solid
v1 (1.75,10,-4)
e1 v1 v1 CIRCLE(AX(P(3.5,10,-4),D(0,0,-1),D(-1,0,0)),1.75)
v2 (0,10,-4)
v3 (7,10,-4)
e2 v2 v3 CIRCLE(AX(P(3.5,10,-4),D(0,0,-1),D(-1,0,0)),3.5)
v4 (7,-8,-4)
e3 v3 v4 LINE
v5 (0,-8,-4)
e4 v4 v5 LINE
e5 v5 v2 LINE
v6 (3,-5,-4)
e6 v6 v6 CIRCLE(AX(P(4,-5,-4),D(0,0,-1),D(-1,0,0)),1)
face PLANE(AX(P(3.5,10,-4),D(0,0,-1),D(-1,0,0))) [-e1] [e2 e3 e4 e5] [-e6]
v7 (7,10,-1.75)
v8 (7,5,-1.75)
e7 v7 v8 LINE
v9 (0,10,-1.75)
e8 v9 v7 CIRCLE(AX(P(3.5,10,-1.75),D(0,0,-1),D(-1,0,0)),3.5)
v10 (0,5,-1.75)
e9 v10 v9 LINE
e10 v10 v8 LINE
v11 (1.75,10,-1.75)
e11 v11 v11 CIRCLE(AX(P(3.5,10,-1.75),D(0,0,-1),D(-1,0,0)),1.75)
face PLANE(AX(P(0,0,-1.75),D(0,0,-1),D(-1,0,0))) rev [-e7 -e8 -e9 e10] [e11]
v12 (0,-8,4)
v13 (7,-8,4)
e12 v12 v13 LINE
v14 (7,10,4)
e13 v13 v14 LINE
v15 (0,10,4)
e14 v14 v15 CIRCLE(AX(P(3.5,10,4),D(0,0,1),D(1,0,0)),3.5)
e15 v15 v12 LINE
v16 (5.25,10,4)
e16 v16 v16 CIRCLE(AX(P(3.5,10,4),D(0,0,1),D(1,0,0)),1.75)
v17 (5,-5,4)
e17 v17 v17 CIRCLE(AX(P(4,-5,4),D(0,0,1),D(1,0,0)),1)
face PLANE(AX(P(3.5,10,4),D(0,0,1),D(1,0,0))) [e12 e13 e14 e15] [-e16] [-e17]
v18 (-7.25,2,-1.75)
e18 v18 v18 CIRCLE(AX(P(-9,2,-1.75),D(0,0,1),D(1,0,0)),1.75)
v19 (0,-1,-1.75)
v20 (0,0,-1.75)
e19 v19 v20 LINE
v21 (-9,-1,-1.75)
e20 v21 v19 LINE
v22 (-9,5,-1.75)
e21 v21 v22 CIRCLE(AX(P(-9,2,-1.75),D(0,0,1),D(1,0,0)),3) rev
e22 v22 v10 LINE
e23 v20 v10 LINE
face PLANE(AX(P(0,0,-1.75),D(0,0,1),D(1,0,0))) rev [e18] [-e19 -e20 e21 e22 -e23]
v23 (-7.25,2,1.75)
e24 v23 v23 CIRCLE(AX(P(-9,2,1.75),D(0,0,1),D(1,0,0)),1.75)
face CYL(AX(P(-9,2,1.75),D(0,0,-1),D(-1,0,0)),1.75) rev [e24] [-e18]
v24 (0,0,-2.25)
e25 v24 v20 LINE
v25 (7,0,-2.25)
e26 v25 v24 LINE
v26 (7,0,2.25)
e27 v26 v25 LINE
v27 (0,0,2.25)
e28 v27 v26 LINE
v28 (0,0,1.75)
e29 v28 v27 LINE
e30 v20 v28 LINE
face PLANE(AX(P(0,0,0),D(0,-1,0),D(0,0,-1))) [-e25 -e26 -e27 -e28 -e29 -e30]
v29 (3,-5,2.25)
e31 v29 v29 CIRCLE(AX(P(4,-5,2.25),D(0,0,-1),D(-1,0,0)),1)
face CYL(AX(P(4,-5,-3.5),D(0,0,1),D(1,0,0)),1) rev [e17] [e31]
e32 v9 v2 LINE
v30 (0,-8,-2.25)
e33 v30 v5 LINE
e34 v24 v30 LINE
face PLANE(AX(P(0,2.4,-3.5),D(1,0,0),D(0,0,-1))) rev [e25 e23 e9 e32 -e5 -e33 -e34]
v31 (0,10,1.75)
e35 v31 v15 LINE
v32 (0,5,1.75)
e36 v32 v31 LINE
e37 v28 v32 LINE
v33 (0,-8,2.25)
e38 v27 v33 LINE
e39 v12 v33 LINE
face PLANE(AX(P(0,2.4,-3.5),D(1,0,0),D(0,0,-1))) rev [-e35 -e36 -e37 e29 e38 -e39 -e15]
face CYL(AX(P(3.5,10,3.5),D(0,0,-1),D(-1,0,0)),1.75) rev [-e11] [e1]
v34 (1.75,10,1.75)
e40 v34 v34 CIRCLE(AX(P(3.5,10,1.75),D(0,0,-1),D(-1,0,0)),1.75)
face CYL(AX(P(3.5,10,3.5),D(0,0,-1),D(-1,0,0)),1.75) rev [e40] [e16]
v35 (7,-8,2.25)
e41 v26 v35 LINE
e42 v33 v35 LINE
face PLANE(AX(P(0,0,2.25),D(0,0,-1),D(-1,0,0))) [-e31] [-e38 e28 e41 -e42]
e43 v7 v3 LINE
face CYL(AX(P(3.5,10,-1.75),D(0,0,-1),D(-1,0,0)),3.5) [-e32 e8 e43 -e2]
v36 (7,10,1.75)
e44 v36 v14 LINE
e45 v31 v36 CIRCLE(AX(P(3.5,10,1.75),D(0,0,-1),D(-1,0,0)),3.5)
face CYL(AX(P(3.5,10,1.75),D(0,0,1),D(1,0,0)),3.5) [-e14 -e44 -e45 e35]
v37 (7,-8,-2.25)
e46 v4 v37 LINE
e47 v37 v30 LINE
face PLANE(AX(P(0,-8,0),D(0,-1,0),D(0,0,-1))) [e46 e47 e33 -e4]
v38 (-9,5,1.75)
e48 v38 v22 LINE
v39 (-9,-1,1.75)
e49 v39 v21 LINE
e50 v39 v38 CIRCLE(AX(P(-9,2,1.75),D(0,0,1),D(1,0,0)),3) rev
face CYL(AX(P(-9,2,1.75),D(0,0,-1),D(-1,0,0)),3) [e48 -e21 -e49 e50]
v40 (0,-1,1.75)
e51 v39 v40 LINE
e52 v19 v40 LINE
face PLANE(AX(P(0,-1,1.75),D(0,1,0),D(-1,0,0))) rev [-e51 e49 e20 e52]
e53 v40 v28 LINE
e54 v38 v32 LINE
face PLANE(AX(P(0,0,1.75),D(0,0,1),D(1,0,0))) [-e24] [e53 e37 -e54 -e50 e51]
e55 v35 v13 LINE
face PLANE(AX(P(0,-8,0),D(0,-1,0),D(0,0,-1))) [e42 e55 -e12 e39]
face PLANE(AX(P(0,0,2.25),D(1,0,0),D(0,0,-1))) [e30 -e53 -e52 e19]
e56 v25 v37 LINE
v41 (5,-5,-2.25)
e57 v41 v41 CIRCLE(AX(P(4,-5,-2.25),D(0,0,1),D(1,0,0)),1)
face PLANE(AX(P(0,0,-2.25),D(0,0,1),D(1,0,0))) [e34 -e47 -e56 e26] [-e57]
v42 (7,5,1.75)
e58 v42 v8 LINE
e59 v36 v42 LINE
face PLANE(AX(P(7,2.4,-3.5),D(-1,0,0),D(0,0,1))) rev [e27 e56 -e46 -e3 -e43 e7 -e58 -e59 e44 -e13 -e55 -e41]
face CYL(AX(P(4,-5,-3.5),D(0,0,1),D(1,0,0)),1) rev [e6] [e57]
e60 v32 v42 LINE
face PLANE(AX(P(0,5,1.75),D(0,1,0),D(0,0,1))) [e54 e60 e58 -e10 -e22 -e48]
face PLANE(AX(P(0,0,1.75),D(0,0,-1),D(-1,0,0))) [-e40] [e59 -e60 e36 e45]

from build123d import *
from build123d.topology import SkipClean

# Parameters (mm, degrees)
SKETCH_1_W          = 7
SKETCH_1_H          = 7
EXTRUDE_1_DEPTH     = 2.4
EXTRUDE_6_DEPTH     = 1.75
EXTRUDE_START       = -5.25
EXTRUDE_8_DEPTH     = 1.75
SKETCH_11_R         = 1.75
CUT_EXTRUDE_1_DEPTH = 17.740669043
SKETCH_17_W         = 7
SKETCH_17_H         = 7
EXTRUDE_10_DEPTH    = 8
SKETCH_15_R         = 1.75
EXTRUDE_9_DEPTH     = 1.75
SKETCH_12_R         = 1
CUT_EXTRUDE_2_DEPTH = 19.357559751
SKETCH_18_W         = 7
SKETCH_18_H         = 4.5
CUT_EXTRUDE_4_DEPTH = 8
SKETCH_19_R         = 1
SKETCH_19_R_2       = 1.75
EXTRUDE_11_DEPTH    = 0.5
EXTRUDE_START_2     = 0.5
SKETCH_20_R         = 1
SKETCH_20_R_2       = 1.75
EXTRUDE_12_DEPTH    = 0.5


with BuildPart() as part:
    # 草图1 → 凸台-拉伸1 (new body)
    with BuildSketch(Plane(origin=(0, 0, 0), x_dir=(1, 0, 0), z_dir=(0, 1, 0))):
        with Locations((3.5, 0)):
            Rectangle(SKETCH_1_W, SKETCH_1_H)
    extrude(amount=EXTRUDE_1_DEPTH)

    # 草图10 → 凸台-拉伸6 (add)
    with BuildSketch(Plane(origin=(0, 0, -3.5), x_dir=(-1, 0, 0), z_dir=(0, 0, -1))):
        with BuildLine():
            Line((-7, 10), (-7, 2.4))
            Line((-7, 2.4), (0, 2.4))
            Line((0, 2.4), (0, 10))
            ThreePointArc((0, 10), (-3.5, 13.5), (-7, 10))
        make_face()
    extrude(amount=-EXTRUDE_6_DEPTH)

    # 草图10<2> → 凸台-拉伸8 (add)
    with BuildSketch(Plane(origin=(0, 0, -3.5), x_dir=(-1, 0, 0), z_dir=(0, 0, -1)).offset(EXTRUDE_START)):
        with BuildLine():
            Line((-7, 10), (-7, 2.4))
            Line((-7, 2.4), (0, 2.4))
            Line((0, 2.4), (0, 10))
            ThreePointArc((0, 10), (-3.5, 13.5), (-7, 10))
        make_face()
    extrude(amount=-EXTRUDE_8_DEPTH)

    # 草图11 → 切除-拉伸1 (cut, through all)
    with BuildSketch(Plane(origin=(0, 0, -3.5), x_dir=(-1, 0, 0), z_dir=(0, 0, -1))):
        with Locations((-3.5, 10)):
            Circle(SKETCH_11_R)
    extrude(amount=-CUT_EXTRUDE_1_DEPTH, mode=Mode.SUBTRACT)

    # 草图17 → 凸台-拉伸10 (add)
    with BuildSketch(Plane.XZ):
        with Locations((3.5, 0)):
            Rectangle(SKETCH_17_W, SKETCH_17_H)
    extrude(amount=EXTRUDE_10_DEPTH)

    # 草图15 → 凸台-拉伸9 (add, symmetric)
    with BuildSketch(Plane.XY):
        with BuildLine():
            Line((7, 2.4), (7, 5))
            Line((7, 5), (-9, 5))
            ThreePointArc((-9, 5), (-12, 2), (-9, -1))
            Line((-9, -1), (7, -1))
            Line((7, -1), (7, 2.4))
        make_face()
        with Locations((-9, 2)):
            Circle(SKETCH_15_R, mode=Mode.SUBTRACT)
    extrude(amount=EXTRUDE_9_DEPTH, both=True)

    # 草图12 → 切除-拉伸2 (cut, through all)
    with BuildSketch(Plane(origin=(0, 4, 3.5), x_dir=(1, 0, 0), z_dir=(0, 0, -1))):
        with Locations((4, 9)):
            Circle(SKETCH_12_R)
    extrude(amount=CUT_EXTRUDE_2_DEPTH, mode=Mode.SUBTRACT)

    # 草图18 → 切除-拉伸4 (cut)
    with BuildSketch(Plane(origin=(7.4, -8, 0), x_dir=(1, 0, 0), z_dir=(0, 1, 0))):
        with Locations((-3.9, 0)):
            Rectangle(SKETCH_18_W, SKETCH_18_H)
    extrude(amount=CUT_EXTRUDE_4_DEPTH, mode=Mode.SUBTRACT)

    # 草图19 → 凸台-拉伸11 (add)
    with SkipClean():  # the faces are left unmerged after this step: merging them gives an invalid solid
        with BuildSketch(Plane.XY.offset(3.5)):
            with BuildLine():
                Line((0, 10), (0, -8))
                Line((0, -8), (7, -8))
                Line((7, -8), (7, 10))
                ThreePointArc((7, 10), (3.5, 13.5), (0, 10))
            make_face()
            with Locations((4, -5)):
                Circle(SKETCH_19_R, mode=Mode.SUBTRACT)
            with Locations((3.5, 10)):
                Circle(SKETCH_19_R_2, mode=Mode.SUBTRACT)
        extrude(amount=EXTRUDE_11_DEPTH)

    # 草图20 → 凸台-拉伸12 (add)
    with SkipClean():  # the faces are left unmerged after this step: merging them gives an invalid solid
        with BuildSketch(Plane(origin=(0, 0, -3.5), x_dir=(-1, 0, 0), z_dir=(0, 0, -1)).offset(EXTRUDE_START_2)):
            with BuildLine():
                Line((-7, 10), (-7, -8))
                Line((-7, -8), (0, -8))
                Line((0, -8), (0, 10))
                ThreePointArc((0, 10), (-3.5, 13.5), (-7, 10))
            make_face()
            with Locations((-4, -5)):
                Circle(SKETCH_20_R, mode=Mode.SUBTRACT)
            with Locations((-3.5, 10)):
                Circle(SKETCH_20_R_2, mode=Mode.SUBTRACT)
        extrude(amount=-EXTRUDE_12_DEPTH)


solid = part.part
